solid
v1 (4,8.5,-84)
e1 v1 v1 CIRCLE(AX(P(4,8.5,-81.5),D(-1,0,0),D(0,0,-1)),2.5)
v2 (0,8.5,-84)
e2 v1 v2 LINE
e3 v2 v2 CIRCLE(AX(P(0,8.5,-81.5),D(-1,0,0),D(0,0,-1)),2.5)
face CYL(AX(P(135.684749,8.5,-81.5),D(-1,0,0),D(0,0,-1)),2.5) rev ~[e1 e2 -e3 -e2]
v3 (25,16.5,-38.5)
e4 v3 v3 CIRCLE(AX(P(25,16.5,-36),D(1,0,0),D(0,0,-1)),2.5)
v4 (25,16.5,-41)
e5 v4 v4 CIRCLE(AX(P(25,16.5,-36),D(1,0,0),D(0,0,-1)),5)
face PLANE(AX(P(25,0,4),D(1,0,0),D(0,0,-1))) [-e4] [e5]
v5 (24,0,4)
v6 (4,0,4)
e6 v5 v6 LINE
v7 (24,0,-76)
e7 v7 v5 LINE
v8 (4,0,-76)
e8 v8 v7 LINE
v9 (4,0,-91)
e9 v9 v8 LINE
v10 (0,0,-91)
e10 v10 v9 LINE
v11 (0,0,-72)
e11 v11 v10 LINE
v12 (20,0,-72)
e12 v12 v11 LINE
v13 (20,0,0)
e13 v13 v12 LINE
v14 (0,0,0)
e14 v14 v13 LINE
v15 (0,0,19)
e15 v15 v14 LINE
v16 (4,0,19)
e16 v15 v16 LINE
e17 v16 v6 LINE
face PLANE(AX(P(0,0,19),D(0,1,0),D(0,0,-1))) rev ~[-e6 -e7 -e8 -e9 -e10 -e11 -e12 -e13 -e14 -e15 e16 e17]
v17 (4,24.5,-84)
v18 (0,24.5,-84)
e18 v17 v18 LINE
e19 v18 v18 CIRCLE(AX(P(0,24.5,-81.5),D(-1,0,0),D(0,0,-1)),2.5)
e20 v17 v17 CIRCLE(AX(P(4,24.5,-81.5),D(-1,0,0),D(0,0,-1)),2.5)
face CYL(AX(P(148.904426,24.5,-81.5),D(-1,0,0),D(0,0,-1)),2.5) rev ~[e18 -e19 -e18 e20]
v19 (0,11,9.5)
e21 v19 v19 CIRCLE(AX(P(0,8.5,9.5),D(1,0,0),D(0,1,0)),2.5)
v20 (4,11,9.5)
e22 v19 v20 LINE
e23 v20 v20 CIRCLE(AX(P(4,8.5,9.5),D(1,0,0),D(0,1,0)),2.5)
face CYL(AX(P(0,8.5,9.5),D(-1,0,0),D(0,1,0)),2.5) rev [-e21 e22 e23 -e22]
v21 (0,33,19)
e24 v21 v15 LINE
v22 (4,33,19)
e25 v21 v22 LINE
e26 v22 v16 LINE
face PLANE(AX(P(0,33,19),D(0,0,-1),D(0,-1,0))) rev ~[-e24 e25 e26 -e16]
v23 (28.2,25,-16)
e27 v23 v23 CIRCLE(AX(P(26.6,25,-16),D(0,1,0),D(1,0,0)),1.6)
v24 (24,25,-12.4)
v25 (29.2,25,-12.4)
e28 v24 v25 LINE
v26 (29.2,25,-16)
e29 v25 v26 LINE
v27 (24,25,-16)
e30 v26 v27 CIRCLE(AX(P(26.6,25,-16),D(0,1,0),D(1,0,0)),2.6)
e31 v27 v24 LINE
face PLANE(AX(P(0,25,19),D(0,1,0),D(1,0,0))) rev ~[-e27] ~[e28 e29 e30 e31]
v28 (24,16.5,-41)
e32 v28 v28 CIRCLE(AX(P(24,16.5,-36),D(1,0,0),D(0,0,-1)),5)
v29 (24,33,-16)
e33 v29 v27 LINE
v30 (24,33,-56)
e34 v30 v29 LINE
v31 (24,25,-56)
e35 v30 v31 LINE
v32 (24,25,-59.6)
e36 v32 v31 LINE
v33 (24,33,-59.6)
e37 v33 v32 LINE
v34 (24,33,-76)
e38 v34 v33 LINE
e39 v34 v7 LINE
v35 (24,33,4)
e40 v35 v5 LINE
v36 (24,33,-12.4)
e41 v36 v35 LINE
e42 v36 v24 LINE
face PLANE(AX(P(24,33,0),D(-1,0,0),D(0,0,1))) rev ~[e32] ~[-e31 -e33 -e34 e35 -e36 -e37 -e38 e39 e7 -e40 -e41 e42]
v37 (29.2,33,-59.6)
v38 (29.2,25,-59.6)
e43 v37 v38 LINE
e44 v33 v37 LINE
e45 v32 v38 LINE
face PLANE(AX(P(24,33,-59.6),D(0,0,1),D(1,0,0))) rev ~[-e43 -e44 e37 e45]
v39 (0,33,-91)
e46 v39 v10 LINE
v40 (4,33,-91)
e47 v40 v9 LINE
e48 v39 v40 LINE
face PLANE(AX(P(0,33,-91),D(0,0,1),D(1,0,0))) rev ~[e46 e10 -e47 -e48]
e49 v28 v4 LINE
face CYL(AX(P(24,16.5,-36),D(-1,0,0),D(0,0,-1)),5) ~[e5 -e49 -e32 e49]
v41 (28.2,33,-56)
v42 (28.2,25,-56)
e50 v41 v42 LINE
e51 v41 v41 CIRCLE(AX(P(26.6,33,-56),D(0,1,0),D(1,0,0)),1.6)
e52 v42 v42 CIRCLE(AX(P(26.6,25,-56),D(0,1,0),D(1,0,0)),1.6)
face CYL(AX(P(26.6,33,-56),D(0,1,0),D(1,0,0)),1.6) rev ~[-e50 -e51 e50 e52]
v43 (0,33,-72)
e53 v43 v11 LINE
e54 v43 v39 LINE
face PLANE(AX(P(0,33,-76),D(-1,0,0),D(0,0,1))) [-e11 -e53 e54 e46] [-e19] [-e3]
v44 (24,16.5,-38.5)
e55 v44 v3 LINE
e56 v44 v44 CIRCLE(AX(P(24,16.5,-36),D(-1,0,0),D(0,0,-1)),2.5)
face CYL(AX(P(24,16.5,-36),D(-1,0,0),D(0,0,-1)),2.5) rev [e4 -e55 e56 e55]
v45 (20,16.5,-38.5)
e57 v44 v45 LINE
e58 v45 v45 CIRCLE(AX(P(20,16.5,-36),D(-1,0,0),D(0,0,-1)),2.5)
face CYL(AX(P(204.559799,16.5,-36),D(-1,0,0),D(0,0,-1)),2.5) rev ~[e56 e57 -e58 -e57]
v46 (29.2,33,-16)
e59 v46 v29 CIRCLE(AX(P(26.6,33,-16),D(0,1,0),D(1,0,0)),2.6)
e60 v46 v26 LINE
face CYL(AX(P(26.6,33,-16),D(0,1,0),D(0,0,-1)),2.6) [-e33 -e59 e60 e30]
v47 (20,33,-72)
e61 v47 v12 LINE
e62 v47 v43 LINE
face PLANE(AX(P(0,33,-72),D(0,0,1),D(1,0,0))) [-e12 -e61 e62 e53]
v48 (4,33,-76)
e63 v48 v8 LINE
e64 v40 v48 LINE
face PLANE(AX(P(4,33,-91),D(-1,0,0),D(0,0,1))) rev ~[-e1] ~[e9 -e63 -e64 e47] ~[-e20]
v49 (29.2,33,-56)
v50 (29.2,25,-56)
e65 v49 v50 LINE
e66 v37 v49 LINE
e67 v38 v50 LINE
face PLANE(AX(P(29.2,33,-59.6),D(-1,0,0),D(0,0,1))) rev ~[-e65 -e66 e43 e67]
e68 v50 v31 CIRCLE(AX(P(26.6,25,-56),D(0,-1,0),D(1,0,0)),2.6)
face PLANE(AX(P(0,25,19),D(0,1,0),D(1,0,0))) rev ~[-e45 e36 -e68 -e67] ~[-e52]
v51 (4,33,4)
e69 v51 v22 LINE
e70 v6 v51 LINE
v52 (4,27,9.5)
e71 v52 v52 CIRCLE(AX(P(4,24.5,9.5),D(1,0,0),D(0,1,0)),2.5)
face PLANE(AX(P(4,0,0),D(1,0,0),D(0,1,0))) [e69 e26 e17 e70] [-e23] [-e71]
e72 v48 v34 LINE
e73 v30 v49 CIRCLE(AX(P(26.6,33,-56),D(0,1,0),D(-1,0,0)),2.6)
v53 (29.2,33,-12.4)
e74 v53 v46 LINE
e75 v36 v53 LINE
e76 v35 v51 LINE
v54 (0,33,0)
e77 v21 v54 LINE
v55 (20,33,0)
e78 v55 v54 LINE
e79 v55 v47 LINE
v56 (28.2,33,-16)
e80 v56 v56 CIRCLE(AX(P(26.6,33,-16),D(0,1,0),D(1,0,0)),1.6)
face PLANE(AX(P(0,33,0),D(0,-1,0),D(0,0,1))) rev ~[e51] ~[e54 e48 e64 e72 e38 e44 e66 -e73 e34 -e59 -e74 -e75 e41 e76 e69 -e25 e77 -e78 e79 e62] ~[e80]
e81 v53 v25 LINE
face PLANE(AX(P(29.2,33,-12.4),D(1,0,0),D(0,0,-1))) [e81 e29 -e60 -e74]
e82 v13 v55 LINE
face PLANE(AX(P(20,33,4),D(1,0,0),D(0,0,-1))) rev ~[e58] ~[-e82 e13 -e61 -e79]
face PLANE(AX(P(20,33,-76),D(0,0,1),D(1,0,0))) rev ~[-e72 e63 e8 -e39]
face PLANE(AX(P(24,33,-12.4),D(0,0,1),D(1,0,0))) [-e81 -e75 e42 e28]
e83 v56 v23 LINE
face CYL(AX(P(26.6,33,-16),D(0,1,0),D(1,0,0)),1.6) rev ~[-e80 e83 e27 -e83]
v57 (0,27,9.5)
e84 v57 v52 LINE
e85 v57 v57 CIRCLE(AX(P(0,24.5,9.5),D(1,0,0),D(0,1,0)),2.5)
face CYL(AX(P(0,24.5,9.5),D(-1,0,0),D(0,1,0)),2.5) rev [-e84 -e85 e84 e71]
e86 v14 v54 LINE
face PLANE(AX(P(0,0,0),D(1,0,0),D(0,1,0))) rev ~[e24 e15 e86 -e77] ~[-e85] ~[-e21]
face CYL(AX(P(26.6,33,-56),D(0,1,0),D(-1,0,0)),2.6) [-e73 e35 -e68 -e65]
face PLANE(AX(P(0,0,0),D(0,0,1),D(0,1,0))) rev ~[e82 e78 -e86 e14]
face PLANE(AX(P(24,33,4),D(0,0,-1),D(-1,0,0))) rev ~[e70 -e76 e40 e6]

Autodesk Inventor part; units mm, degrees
ref_plane "YZ Plane" through (0, 0, 0) normal (1, 0, 0) x (0, 1, 0)
ref_plane "XZ Plane" through (0, 0, 0) normal (0, 1, 0) x (-1, 0, 0)
ref_plane "XY Plane" through (0, 0, 0) normal (0, 0, 1) x (1, 0, 0)
sketch "Sketch1" plane through (0, 0, 0) normal (1, 0, 0) x (0, 1, 0)
  line L0 (0, 0) -> (33, 0)
  line L1 (33, 0) -> (33, 19)
  line L2 (33, 19) -> (0, 19)
  line L3 (0, 19) -> (0, 0)
  circle A0 centre (24.5, 9.5) radius 2.5
  circle A1 centre (8.5, 9.5) radius 2.5
  dimension "d0" = 33
  dimension "d1" = 19
  dimension "d2" = 33
  dimension "d3" = 19
  dimension "d6" = 5
  dimension "d8" = 5
extrude "Extrusion1" add sketch "Sketch1" along normal blind 4
sketch "Sketch2" plane through (0, 33, 19) normal (0, 1, 0) x (1, 0, 0)
  line L0 (0, 19) -> (4, 19) projected
  line L1 (0, 19) -> (24, 19)
  line L2 (24, 19) -> (24, 15)
  line L3 (24, 15) -> (0, 15)
  line L4 (0, 19) -> (0, 0) projected
  line L5 (0, 15) -> (0, 19)
  dimension "d11" = 24
  dimension "d12" = 4
  dimension "d13" = 24
extrude "Extrusion2" add sketch "Sketch2" against normal blind 33
sketch "Sketch3" plane through (0, 33, 19) normal (0, 1, 0) x (1, 0, 0)
  line L0 (4, 15) -> (24, 15) projected
  line L1 (24, 15) -> (24, 95)
  line L2 (24, 15) -> (20, 15)
  line L3 (20, 15) -> (20, 95)
  line L4 (20, 95) -> (24, 95)
  point P0 (0, 19)
  dimension "d16" = 80
  dimension "d17" = 4
  dimension "d18" = 80
  dimension "d19" = 4
extrude "Extrusion3" add sketch "Sketch3" against normal blind 33
sketch "Sketch4" plane through (0, 33, 19) normal (0, 1, 0) x (1, 0, 0)
  line L0 (24, 95) -> (20, 95) projected
  line L1 (24, 95) -> (0, 95)
  line L2 (0, 95) -> (0, 91)
  line L3 (0, 91) -> (24, 91)
  line L4 (24, 15) -> (24, 95) projected
  line L5 (24, 91) -> (24, 95)
  point P0 (0, 19)
  dimension "d22" = 24
  dimension "d23" = 4
  dimension "d24" = 24
  dimension "d25" = 4
extrude "Extrusion4" add sketch "Sketch4" against normal blind 33
sketch "Sketch5" plane through (0, 33, 19) normal (0, 1, 0) x (1, 0, 0)
  line L0 (0, 91) -> (0, 110)
  line L1 (0, 110) -> (4, 110)
  line L2 (4, 110) -> (4, 91)
  line L3 (20, 91) -> (0, 91) projected
  line L4 (4, 91) -> (0, 91)
  point P0 (0, 19)
  dimension "d28" = 19
  dimension "d29" = 4
  dimension "d30" = 19
  dimension "d31" = 4
extrude "Extrusion5" add sketch "Sketch5" against normal blind 33
sketch "Sketch6" plane through (4, 33, -76) normal (1, 0, 0) x (0, 0, -1)
  line L0 (15, 0) -> (-4, 0) projected
  circle A0 centre (5.5, -8.5) radius 2.5
  circle A1 centre (5.5, -24.5) radius 2.5
  point P0 (-76, -33)
  dimension "d36" = 5
  dimension "d38" = 5
hole "Hole1" at (4, 24.5, -81.5) at (4, 8.5, -81.5) direction (-1, 0, 0) diameter 5 end through all both
sketch "Sketch7" plane through (24, 0, 4) normal (1, 0, 0) x (0, 0, -1)
  line L0 (0, 33) -> (80, 33) projected
  circle A0 centre (40, 16.5) radius 5
  circle A1 centre (40, 16.5) radius 2.5
  point P0 (4, 0)
  point P1 (0, 0)
  dimension "d46" = 10
  dimension "d47" = 5
hole "Hole2" at (24, 16.5, -36) direction (-1, 0, 0) diameter 5 end through all both
extrude "Extrusion6" add sketch "Sketch7" along normal blind 1
sketch "Sketch8" plane through (0, 33, 19) normal (0, 1, 0) x (1, 0, 0)
  line L0 (24, 31.4) -> (29.2, 31.4)
  line L1 (29.2, 31.4) -> (29.2, 35)
  line L2 (26.6, 37.6) -> (26.6, 37.6)
  line L3 (24, 35) -> (24, 31.4)
  arc A0 (26.6, 37.6) -> (24, 35) centre (26.6, 35) ccw
  arc A1 (29.2, 35) -> (26.6, 37.6) centre (26.6, 35) ccw
  circle A2 centre (26.6, 35) radius 1.6
  point P0 (0, 19)
  point P1 (24, 15)
  point P2 (29.2, 37.6)
  point P3 (24, 37.6)
  dimension "d58" = 5.2
  dimension "d59" = 6.2
  dimension "d60" = 5.2
  dimension "d61" = 6.2
  dimension "d62" = 2.6
  dimension "d63" = 3.2
extrude "Extrusion7" add sketch "Sketch8" against normal blind 8
sketch "Sketch9" plane through (0, 33, 19) normal (0, 1, 0) x (1, 0, 0)
  line L0 (24, 95) -> (4, 95) projected
  line L1 (24, 95) -> (24, 15) projected
  line L2 (24, 78.6) -> (29.2, 78.6)
  line L3 (29.2, 78.6) -> (29.2, 75)
  line L4 (26.6, 72.4) -> (26.6, 72.4)
  line L5 (24, 75) -> (24, 78.6)
  arc A0 (26.6, 72.4) -> (29.2, 75) centre (26.6, 75) ccw
  arc A1 (24, 75) -> (26.6, 72.4) centre (26.6, 75) ccw
  circle A2 centre (26.6, 75) radius 1.6
  point P0 (0, 19)
  point P1 (29.2, 72.4)
  point P2 (24, 72.4)
  dimension "d67" = 5.2
  dimension "d68" = 6.2
  dimension "d69" = 5.2
  dimension "d70" = 6.2
  dimension "d71" = 2.6
  dimension "d72" = 3.2
extrude "Extrusion8" add sketch "Sketch9" against normal blind 8
